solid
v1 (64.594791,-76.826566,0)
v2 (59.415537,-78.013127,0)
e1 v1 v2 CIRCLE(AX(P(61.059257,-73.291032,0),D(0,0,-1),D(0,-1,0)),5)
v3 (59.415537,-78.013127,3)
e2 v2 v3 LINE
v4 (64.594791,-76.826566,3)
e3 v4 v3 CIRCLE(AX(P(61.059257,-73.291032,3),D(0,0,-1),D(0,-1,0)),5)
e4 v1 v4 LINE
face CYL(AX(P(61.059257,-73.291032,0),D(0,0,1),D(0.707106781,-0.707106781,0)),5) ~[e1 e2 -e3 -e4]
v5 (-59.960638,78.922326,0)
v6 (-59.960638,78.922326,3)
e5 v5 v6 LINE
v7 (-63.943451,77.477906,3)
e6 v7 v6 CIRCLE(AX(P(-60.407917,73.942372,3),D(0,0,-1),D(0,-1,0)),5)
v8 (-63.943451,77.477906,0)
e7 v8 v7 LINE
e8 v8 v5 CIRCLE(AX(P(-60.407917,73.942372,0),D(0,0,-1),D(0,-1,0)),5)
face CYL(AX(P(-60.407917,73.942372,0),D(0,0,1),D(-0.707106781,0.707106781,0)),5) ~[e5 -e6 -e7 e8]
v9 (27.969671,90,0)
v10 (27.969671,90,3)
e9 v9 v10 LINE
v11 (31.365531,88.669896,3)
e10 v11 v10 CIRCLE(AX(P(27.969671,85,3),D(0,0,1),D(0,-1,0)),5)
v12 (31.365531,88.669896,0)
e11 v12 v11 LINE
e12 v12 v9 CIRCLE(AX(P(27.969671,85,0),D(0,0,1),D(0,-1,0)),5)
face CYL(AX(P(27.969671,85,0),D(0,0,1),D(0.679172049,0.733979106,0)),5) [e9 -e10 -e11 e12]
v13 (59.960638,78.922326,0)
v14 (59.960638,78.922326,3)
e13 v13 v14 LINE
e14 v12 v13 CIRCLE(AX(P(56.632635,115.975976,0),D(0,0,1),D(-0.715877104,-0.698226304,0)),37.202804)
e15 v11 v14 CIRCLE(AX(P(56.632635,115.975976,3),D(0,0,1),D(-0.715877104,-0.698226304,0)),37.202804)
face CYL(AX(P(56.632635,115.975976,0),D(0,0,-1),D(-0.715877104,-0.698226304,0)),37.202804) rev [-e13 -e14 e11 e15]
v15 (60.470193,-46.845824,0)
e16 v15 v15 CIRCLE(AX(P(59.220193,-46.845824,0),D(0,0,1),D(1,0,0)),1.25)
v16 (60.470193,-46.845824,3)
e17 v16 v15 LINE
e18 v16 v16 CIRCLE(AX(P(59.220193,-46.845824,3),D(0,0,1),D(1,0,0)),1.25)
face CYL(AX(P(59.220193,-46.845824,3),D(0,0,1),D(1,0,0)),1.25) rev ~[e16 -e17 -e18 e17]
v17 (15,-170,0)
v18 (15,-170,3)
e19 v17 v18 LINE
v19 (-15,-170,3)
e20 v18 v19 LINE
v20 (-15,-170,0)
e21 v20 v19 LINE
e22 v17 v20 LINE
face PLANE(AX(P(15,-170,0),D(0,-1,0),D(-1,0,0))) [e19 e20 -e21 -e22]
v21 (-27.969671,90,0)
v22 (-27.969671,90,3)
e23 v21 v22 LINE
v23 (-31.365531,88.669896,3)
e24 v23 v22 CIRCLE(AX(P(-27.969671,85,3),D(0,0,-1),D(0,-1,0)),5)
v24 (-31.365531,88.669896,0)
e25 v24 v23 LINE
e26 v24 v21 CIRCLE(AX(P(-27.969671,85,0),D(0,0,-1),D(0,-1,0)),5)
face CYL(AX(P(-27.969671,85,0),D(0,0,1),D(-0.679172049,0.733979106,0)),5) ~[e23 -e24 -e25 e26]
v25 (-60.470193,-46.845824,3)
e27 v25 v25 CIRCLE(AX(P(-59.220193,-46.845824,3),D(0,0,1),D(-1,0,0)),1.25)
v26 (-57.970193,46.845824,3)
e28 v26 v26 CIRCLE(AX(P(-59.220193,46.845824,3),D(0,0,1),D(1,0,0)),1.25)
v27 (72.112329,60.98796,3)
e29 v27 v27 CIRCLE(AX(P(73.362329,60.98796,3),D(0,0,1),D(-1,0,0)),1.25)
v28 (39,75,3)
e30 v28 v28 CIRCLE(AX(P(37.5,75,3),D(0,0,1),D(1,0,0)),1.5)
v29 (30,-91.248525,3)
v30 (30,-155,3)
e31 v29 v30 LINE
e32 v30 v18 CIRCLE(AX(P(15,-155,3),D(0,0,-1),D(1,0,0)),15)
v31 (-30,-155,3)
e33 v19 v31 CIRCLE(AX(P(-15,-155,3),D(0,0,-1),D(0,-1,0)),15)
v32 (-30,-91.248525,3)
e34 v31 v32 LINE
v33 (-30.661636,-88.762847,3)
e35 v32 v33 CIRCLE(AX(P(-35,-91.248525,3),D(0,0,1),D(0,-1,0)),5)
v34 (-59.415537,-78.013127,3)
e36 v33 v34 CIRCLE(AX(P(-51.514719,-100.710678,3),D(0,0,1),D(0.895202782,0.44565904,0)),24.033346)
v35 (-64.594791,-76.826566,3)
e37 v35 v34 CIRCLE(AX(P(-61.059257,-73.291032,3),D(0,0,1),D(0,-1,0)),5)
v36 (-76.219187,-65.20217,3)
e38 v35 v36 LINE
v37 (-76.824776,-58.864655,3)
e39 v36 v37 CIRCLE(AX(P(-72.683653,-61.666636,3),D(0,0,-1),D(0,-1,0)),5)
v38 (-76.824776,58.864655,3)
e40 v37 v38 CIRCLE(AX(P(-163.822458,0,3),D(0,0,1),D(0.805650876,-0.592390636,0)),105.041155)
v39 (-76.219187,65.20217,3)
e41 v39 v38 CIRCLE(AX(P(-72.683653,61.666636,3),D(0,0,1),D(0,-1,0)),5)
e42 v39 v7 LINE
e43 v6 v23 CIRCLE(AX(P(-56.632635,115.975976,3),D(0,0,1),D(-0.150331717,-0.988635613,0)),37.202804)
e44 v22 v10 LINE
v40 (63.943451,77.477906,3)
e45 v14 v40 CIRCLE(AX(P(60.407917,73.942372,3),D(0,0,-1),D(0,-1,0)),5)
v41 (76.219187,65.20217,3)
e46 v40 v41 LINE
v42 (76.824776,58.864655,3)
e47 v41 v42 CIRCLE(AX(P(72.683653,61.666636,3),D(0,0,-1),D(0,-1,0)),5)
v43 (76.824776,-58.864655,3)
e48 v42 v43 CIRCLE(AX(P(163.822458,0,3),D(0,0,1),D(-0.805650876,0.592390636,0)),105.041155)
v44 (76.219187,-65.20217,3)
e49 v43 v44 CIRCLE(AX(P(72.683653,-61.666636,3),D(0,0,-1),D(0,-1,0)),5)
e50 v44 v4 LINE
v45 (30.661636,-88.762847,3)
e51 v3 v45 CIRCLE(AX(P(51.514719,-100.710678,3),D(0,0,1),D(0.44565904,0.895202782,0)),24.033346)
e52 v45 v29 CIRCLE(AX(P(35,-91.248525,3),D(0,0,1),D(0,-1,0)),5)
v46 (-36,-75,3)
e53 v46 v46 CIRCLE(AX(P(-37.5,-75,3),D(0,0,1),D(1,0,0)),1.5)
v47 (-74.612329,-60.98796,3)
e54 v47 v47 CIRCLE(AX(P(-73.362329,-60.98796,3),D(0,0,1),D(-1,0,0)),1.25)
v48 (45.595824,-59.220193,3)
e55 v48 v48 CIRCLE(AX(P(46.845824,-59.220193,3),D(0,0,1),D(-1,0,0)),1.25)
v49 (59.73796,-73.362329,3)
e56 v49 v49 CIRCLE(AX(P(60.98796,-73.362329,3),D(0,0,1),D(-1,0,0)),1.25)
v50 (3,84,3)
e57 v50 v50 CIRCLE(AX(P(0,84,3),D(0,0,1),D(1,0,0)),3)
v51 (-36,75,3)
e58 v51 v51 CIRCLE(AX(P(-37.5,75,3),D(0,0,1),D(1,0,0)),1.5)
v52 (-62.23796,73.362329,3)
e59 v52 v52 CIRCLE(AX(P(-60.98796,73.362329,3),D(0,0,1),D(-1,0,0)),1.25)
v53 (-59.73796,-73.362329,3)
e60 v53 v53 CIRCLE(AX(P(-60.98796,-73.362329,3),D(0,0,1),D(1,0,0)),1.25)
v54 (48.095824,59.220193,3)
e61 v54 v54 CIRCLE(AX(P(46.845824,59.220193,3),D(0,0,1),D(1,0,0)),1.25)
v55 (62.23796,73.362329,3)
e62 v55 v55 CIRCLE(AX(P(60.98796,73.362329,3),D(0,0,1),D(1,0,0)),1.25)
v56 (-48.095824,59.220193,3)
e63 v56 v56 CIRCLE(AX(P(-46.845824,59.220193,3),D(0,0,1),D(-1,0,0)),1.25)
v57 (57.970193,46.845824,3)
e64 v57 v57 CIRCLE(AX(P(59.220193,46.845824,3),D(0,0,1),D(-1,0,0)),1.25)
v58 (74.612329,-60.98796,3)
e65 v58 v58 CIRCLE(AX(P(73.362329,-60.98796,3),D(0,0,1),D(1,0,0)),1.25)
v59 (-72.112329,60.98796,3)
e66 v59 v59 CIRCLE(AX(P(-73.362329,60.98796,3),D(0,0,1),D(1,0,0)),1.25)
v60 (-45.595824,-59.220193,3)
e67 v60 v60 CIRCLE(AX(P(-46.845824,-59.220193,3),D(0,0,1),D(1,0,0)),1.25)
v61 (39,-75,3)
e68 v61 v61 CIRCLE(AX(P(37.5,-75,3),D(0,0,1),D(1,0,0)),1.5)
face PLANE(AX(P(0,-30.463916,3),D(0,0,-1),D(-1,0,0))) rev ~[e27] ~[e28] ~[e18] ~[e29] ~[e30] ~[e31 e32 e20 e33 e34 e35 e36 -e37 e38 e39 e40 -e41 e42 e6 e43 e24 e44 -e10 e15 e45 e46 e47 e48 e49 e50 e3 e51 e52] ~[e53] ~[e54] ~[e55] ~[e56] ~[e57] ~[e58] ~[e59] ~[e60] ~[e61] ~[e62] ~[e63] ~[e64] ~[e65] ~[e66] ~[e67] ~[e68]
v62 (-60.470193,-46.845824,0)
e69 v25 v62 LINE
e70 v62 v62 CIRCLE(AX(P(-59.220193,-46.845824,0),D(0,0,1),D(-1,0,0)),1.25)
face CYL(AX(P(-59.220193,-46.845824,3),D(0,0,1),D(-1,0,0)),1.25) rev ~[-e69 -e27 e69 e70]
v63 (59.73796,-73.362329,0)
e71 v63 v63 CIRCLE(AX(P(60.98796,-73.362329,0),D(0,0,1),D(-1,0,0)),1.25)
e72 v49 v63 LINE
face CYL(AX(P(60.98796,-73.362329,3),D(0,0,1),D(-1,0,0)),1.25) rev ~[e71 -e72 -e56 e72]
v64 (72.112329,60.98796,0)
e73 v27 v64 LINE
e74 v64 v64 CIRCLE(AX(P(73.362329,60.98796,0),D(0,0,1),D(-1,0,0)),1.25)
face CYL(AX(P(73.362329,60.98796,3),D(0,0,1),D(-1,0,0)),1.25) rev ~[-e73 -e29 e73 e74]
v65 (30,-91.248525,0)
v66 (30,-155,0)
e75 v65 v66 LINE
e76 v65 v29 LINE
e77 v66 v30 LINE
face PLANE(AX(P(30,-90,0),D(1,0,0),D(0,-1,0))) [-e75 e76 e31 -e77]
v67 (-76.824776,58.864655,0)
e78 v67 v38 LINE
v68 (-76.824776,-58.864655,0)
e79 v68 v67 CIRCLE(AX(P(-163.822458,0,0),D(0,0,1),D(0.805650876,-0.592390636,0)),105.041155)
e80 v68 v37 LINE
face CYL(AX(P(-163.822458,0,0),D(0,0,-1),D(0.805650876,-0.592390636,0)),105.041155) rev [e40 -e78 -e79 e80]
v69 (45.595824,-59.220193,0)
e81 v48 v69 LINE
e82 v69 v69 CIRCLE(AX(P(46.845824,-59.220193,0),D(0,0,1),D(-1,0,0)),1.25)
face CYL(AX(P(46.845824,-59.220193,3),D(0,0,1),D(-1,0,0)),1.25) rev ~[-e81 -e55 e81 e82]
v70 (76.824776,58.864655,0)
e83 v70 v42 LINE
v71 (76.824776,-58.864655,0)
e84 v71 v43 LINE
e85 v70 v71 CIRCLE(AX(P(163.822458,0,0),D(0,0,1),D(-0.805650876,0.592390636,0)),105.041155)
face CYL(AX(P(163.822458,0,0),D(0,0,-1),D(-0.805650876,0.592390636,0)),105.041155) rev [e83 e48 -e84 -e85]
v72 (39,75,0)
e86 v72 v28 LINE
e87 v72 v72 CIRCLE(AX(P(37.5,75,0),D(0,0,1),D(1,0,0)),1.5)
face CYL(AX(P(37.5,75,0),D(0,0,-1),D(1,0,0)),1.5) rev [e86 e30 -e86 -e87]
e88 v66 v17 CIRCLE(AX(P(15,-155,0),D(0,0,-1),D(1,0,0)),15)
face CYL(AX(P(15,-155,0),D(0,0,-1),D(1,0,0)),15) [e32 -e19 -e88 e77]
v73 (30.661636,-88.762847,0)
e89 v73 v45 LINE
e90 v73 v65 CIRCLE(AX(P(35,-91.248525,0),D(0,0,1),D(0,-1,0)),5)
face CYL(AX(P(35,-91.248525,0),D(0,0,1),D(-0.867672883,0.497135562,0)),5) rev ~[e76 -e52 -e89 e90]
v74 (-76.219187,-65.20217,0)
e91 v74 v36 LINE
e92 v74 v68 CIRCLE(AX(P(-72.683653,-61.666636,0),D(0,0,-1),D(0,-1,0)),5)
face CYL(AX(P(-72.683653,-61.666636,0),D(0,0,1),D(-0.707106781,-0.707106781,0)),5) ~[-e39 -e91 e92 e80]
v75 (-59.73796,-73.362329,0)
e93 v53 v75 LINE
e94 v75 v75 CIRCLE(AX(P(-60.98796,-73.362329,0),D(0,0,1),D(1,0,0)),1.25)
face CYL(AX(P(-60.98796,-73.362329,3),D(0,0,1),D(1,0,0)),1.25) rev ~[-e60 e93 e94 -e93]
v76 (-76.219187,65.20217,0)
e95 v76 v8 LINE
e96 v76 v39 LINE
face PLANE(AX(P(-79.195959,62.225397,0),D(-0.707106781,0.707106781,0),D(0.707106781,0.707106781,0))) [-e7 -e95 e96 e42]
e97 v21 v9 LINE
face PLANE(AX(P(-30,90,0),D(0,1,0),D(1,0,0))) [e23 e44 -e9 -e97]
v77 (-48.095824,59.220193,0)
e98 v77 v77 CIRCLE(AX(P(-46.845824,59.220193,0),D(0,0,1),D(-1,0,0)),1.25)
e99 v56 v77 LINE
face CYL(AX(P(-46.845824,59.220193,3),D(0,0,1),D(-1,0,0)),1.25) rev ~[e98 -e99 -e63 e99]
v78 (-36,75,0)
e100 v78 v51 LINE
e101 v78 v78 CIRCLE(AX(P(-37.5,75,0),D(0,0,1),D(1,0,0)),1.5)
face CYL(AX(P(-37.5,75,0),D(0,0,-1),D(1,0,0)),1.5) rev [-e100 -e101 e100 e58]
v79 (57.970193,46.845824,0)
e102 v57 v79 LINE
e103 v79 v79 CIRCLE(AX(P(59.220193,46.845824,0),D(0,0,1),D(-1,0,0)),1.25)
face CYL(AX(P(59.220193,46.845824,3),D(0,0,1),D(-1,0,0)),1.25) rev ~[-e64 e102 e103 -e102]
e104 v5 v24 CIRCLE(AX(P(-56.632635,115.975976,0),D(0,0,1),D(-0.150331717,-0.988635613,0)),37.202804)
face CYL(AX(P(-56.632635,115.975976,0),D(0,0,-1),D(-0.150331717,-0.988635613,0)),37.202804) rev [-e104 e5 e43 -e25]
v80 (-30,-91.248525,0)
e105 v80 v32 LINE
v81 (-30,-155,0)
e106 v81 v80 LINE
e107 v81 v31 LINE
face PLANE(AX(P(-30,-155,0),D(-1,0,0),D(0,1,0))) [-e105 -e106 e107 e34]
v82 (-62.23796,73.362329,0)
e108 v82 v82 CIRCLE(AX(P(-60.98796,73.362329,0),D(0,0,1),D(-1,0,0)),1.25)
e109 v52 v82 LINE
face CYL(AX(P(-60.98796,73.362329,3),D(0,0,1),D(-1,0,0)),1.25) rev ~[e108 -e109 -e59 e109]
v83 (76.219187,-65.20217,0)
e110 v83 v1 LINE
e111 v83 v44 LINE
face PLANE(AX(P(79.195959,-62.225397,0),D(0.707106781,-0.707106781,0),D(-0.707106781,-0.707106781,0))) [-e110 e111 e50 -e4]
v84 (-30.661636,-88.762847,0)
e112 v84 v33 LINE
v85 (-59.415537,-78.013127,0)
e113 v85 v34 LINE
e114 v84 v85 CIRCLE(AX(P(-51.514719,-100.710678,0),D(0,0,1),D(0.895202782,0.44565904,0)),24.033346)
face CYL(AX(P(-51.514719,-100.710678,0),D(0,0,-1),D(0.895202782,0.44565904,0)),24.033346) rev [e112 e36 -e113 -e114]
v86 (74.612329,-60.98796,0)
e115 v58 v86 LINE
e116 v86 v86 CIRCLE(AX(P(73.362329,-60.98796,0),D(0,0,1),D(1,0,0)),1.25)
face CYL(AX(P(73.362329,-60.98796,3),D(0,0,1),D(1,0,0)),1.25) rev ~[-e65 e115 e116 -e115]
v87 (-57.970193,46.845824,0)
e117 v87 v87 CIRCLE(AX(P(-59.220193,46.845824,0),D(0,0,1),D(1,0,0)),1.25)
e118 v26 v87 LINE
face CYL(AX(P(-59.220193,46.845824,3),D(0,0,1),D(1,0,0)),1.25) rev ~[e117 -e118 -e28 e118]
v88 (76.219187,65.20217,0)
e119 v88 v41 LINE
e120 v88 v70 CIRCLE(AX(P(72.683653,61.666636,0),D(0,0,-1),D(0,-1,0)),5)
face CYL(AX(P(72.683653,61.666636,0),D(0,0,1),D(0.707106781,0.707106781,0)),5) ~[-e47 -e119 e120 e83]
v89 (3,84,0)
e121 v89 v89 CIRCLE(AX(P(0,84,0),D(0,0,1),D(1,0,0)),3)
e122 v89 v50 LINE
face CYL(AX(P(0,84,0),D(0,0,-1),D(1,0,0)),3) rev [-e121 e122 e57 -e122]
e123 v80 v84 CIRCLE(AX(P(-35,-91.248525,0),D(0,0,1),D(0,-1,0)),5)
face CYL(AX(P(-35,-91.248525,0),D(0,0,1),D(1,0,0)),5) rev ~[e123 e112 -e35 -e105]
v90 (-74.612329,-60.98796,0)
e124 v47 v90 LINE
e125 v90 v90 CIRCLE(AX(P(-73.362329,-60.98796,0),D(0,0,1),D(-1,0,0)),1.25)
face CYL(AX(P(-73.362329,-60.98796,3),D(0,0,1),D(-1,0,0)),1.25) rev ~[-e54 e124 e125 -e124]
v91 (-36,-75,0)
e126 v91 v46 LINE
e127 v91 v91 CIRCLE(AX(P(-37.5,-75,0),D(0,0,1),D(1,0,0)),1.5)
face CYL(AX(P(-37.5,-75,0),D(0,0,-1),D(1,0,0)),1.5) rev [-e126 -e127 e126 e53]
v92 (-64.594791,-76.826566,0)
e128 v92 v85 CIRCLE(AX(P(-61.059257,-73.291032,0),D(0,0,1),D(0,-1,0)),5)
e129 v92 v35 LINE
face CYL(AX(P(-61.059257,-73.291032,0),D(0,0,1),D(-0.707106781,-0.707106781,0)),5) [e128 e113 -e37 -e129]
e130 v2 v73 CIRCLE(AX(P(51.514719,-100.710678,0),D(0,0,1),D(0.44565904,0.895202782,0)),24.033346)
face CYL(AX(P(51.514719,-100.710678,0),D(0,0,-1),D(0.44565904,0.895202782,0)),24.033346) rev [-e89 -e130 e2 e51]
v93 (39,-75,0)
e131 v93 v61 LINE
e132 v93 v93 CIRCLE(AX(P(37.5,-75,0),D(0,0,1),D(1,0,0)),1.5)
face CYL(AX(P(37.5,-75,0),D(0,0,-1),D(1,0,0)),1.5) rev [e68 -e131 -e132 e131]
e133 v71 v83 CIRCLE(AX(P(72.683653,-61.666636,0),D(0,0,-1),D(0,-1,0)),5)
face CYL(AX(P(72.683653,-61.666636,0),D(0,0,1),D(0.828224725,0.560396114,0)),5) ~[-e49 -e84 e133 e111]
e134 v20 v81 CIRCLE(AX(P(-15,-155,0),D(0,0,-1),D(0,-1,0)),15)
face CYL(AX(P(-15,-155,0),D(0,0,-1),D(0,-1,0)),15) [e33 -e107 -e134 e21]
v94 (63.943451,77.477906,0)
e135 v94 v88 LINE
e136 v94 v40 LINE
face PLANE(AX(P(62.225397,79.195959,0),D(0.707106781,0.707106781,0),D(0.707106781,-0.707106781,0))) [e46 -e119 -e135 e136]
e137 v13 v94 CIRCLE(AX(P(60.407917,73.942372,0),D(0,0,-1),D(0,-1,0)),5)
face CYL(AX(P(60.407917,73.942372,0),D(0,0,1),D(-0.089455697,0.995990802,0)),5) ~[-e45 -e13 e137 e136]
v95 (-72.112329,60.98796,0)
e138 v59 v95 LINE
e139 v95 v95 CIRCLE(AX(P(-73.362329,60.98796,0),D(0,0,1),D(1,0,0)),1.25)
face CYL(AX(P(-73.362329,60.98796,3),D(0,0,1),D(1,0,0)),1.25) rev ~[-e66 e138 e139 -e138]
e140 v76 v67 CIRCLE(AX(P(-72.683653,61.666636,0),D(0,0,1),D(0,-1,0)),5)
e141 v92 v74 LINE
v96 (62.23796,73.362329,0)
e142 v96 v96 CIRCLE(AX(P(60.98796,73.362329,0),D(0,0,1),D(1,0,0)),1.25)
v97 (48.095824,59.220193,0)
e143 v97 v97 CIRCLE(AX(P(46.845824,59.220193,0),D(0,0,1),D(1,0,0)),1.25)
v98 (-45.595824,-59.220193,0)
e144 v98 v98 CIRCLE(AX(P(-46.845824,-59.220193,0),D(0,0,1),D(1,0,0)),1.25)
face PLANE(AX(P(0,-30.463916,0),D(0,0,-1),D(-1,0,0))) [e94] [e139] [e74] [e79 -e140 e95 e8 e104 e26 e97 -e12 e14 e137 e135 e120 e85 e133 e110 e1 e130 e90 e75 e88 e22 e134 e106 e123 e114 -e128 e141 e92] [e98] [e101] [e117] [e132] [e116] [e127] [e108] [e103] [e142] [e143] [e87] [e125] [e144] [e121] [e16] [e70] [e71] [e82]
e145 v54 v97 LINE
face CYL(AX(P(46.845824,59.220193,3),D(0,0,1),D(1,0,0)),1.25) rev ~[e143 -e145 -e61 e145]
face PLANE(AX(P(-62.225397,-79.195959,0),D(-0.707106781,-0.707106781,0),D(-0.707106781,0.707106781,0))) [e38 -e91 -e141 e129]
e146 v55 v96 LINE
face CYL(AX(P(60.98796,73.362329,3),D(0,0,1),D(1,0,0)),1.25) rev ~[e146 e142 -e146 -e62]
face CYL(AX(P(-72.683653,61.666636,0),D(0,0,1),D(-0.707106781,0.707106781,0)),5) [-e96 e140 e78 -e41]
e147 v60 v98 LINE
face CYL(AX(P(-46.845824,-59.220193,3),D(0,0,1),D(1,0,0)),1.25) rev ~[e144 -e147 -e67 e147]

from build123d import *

# Parameters (mm, degrees)
SKETCH2_R           = 1.5
SKETCH2_R_2         = 3
BOSS_EXTRUDE1_DEPTH = 3
SKETCH3_R           = 1.25
F_45_DEGREES_DEPTH  = 188.565988388
FILLET1_R           = 5
FILLET2_R           = 5
FILLET3_R           = 5
FILLET4_R           = 5
FILLET5_R           = 5
FILLET6_R           = 5
FILLET7_R           = 5
FILLET8_R           = 5
FILLET10_R          = 5
FILLET11_R          = 5
FILLET12_R          = 5
FILLET13_R          = 5


with BuildPart() as part:
    # Sketch2 → Boss-Extrude1 (new body)
    with BuildSketch(Plane.XY):
        with BuildLine():
            Line((-79.195959493, 62.225396744), (-62.225396744, 79.195959493))
            ThreePointArc((-62.225396744, 79.195959493), (-44.806778225, 80.702789346), (-30, 90))
            Line((-30, 90), (30, 90))
            ThreePointArc((30, 90), (44.806778225, 80.702789346), (62.225396744, 79.195959493))
            Line((62.225396744, 79.195959493), (79.195959493, 62.225396744))
            ThreePointArc((79.195959493, 62.225396744), (58.781303002, 0), (79.195959493, -62.225396744))
            Line((79.195959493, -62.225396744), (62.225396744, -79.195959493))
            ThreePointArc((62.225396744, -79.195959493), (43.875108319, -77.923881554), (30, -90))
            Line((30, -90), (30, -155))
            ThreePointArc((30, -155), (25.606601718, -165.606601718), (15, -170))
            Line((15, -170), (-15, -170))
            ThreePointArc((-15, -170), (-25.606601718, -165.606601718), (-30, -155))
            Line((-30, -155), (-30, -90))
            ThreePointArc((-30, -90), (-43.875108319, -77.923881554), (-62.225396744, -79.195959493))
            Line((-62.225396744, -79.195959493), (-79.195959493, -62.225396744))
            ThreePointArc((-79.195959493, -62.225396744), (-58.781303002, 0), (-79.195959493, 62.225396744))
        make_face()
        with Locations((-37.5, 75)):
            Circle(SKETCH2_R, mode=Mode.SUBTRACT)
        with Locations((37.5, 75)):
            Circle(SKETCH2_R, mode=Mode.SUBTRACT)
        with Locations((37.5, -75)):
            Circle(SKETCH2_R, mode=Mode.SUBTRACT)
        with Locations((-37.5, -75)):
            Circle(SKETCH2_R, mode=Mode.SUBTRACT)
        with Locations((0, 84)):
            Circle(SKETCH2_R_2, mode=Mode.SUBTRACT)
    extrude(amount=BOSS_EXTRUDE1_DEPTH)

    # Sketch3 → 45 Degrees (cut, through all)
    with BuildSketch(Plane.XY.offset(3)):
        with Locations((-73.362328548, 60.987959877)):
            Circle(SKETCH3_R)
        with Locations((-59.220192924, 46.845824254)):
            Circle(SKETCH3_R)
        with Locations(Location((-60.987959877, 73.362328548, 0), (0, 0, 180))):
            Circle(SKETCH3_R)
        with Locations(Location((-46.845824254, 59.220192924, 0), (0, 0, 180))):
            Circle(SKETCH3_R)
        with Locations(Location((59.220192924, 46.845824254, 0), (0, 0, 180))):
            Circle(SKETCH3_R)
        with Locations(Location((73.362328548, 60.987959877, 0), (0, 0, 180))):
            Circle(SKETCH3_R)
        with Locations((60.987959877, 73.362328548)):
            Circle(SKETCH3_R)
        with Locations((46.845824254, 59.220192924)):
            Circle(SKETCH3_R)
        with Locations(Location((-59.220192924, -46.845824254, 0), (0, 0, 180))):
            Circle(SKETCH3_R)
        with Locations((-46.845824254, -59.220192924)):
            Circle(SKETCH3_R)
        with Locations((-60.987959877, -73.362328548)):
            Circle(SKETCH3_R)
        with Locations(Location((-73.362328548, -60.987959877, 0), (0, 0, 180))):
            Circle(SKETCH3_R)
        with Locations((59.220192924, -46.845824254)):
            Circle(SKETCH3_R)
        with Locations((73.362328548, -60.987959877)):
            Circle(SKETCH3_R)
        with Locations(Location((60.987959877, -73.362328548, 0), (0, 0, 180))):
            Circle(SKETCH3_R)
        with Locations(Location((46.845824254, -59.220192924, 0), (0, 0, 180))):
            Circle(SKETCH3_R)
    extrude(amount=-F_45_DEGREES_DEPTH, mode=Mode.SUBTRACT)

    # Fillet1
    fillet1_edges = [part.edges().sort_by_distance(p)[0] for p in [
        (-30, 90, 1.5),
    ]]
    fillet(fillet1_edges, radius=FILLET1_R)

    # Fillet2
    fillet2_edges = [part.edges().sort_by_distance(p)[0] for p in [
        (-79.195959493, 62.225396744, 1.5),
    ]]
    fillet(fillet2_edges, radius=FILLET2_R)

    # Fillet3
    fillet3_edges = [part.edges().sort_by_distance(p)[0] for p in [
        (-62.225396744, 79.195959493, 1.5),
    ]]
    fillet(fillet3_edges, radius=FILLET3_R)

    # Fillet4
    fillet4_edges = [part.edges().sort_by_distance(p)[0] for p in [
        (62.225396744, 79.195959493, 1.5),
    ]]
    fillet(fillet4_edges, radius=FILLET4_R)

    # Fillet5
    fillet5_edges = [part.edges().sort_by_distance(p)[0] for p in [
        (30, 90, 1.5),
    ]]
    fillet(fillet5_edges, radius=FILLET5_R)

    # Fillet6
    fillet6_edges = [part.edges().sort_by_distance(p)[0] for p in [
        (79.195959493, 62.225396744, 1.5),
    ]]
    fillet(fillet6_edges, radius=FILLET6_R)

    # Fillet7
    fillet7_edges = [part.edges().sort_by_distance(p)[0] for p in [
        (79.195959493, -62.225396744, 1.5),
    ]]
    fillet(fillet7_edges, radius=FILLET7_R)

    # Fillet8
    fillet8_edges = [part.edges().sort_by_distance(p)[0] for p in [
        (62.225396744, -79.195959493, 1.5),
    ]]
    fillet(fillet8_edges, radius=FILLET8_R)

    # Fillet10
    fillet10_edges = [part.edges().sort_by_distance(p)[0] for p in [
        (30, -90, 1.5),
    ]]
    fillet(fillet10_edges, radius=FILLET10_R)

    # Fillet11
    fillet11_edges = [part.edges().sort_by_distance(p)[0] for p in [
        (-30, -90, 1.5),
    ]]
    fillet(fillet11_edges, radius=FILLET11_R)

    # Fillet12
    fillet12_edges = [part.edges().sort_by_distance(p)[0] for p in [
        (-79.195959493, -62.225396744, 1.5),
    ]]
    fillet(fillet12_edges, radius=FILLET12_R)

    # Fillet13
    fillet13_edges = [part.edges().sort_by_distance(p)[0] for p in [
        (-62.225396744, -79.195959493, 1.5),
    ]]
    fillet(fillet13_edges, radius=FILLET13_R)


solid = part.part
